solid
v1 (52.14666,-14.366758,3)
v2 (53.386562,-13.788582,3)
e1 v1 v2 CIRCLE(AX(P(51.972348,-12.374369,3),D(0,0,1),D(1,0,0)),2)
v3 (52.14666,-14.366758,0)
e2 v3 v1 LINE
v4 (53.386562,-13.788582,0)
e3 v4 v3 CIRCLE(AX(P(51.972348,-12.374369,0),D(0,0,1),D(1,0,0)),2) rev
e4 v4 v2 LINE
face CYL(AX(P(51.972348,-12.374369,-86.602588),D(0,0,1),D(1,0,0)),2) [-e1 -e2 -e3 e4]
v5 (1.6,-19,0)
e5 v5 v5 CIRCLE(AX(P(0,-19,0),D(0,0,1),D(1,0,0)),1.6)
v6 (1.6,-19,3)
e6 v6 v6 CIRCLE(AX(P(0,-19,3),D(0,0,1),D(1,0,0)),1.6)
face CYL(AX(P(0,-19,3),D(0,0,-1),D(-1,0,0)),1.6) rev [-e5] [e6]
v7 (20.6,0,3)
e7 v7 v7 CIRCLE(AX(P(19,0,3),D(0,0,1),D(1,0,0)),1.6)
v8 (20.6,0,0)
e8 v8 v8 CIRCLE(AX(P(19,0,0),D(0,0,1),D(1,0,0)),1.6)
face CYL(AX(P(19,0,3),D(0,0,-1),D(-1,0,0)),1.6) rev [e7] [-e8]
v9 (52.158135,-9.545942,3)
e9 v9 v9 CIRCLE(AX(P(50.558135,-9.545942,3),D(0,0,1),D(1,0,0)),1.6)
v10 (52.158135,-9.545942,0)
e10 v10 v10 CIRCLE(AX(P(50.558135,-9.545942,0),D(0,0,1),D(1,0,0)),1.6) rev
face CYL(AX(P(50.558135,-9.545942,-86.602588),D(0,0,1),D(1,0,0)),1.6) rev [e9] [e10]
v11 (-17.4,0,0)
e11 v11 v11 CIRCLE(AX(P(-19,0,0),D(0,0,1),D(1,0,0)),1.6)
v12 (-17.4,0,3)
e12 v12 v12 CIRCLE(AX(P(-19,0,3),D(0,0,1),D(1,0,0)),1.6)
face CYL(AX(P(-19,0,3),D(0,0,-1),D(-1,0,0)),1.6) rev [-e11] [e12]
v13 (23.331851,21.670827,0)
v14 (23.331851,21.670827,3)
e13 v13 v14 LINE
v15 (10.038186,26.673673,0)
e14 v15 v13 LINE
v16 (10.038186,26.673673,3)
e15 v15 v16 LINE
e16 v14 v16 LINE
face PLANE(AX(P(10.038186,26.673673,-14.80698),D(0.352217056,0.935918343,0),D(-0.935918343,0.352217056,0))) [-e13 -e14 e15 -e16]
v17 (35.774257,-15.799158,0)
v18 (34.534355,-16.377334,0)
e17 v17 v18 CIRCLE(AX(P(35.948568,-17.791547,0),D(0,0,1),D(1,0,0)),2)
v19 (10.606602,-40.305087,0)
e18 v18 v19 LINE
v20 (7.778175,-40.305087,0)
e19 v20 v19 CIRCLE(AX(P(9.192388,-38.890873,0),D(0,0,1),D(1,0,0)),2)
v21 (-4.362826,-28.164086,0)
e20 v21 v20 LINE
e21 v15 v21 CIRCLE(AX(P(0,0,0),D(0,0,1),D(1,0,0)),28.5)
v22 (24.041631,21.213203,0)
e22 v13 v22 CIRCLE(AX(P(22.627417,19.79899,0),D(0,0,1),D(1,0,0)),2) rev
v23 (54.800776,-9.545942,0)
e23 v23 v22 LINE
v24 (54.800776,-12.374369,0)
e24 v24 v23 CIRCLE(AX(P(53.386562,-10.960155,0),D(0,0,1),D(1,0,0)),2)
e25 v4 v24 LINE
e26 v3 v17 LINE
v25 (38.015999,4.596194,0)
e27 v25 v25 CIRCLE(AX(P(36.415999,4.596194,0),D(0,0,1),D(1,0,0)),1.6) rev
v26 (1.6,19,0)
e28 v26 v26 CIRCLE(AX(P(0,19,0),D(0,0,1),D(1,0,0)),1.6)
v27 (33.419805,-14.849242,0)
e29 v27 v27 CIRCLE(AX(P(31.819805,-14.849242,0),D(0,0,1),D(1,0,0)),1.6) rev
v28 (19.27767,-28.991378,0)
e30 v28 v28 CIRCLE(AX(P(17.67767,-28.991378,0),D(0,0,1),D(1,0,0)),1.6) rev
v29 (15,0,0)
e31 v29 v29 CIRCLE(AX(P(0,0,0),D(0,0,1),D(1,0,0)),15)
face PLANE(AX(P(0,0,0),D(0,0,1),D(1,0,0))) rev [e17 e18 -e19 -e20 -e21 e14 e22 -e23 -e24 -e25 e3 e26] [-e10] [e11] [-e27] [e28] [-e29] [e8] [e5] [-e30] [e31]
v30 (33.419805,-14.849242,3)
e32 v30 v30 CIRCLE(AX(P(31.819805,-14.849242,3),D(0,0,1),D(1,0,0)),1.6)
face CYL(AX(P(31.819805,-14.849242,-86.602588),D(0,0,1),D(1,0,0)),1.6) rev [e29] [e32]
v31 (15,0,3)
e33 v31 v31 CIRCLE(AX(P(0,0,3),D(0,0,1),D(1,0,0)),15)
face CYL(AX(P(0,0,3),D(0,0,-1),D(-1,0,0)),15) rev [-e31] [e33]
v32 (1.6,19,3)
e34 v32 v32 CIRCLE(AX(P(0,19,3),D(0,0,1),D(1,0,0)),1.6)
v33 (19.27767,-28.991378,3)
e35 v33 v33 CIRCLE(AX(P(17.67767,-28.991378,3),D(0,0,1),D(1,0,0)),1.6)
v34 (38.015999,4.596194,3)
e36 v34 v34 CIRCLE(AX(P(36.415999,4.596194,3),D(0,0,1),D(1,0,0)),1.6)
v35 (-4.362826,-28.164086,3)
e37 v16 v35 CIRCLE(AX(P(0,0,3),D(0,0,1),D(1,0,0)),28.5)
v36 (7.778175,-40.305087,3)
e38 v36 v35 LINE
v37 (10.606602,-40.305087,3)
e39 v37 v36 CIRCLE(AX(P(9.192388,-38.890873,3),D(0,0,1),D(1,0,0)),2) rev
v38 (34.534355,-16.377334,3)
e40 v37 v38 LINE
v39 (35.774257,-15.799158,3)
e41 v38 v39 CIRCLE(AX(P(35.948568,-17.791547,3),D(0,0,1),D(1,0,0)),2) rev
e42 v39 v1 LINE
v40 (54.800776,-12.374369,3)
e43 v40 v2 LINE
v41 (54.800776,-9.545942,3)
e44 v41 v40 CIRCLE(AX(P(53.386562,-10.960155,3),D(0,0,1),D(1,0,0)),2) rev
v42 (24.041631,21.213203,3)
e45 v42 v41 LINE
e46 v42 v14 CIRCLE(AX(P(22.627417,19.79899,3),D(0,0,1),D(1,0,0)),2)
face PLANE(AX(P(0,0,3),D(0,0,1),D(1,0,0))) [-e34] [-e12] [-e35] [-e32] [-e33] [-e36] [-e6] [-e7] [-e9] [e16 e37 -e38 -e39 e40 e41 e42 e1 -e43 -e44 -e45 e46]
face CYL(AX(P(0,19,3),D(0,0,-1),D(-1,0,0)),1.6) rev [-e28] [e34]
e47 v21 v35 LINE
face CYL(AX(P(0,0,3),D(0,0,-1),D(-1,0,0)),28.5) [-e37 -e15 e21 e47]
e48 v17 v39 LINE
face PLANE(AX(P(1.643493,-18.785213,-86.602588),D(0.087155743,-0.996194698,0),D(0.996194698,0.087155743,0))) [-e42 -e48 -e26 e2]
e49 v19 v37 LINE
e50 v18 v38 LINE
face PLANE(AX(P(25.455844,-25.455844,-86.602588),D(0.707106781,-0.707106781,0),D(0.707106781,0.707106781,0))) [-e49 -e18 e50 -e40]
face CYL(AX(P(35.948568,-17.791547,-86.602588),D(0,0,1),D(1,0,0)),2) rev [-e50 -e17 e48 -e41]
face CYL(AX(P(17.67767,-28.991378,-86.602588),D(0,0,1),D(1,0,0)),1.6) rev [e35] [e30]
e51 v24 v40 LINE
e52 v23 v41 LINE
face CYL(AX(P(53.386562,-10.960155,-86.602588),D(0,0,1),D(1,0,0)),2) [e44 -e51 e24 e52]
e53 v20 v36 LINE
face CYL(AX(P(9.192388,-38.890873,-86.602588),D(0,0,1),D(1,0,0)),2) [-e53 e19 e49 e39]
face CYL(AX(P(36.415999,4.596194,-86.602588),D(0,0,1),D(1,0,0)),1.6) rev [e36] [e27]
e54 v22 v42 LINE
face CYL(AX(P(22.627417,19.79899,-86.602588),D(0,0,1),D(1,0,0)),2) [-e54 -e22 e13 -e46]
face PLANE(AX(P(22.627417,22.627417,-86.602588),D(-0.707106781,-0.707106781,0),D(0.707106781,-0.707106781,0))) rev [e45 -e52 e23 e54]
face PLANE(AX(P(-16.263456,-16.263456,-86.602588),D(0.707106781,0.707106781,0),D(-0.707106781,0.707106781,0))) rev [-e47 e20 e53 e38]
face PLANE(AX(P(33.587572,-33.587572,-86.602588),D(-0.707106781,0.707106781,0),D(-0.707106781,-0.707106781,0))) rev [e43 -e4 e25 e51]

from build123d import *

# Parameters (mm, degrees)
SKETCH_1_R      = 28.5
SKETCH_1_R_2    = 1.6
SKETCH_1_R_3    = 15
EXTRUDE_1_DEPTH = 3
EXTRUDE_START   = -3
SKETCH_2_R      = 1.6
EXTRUDE_2_DEPTH = 3
EXTRUDE_3_DEPTH = 3


with BuildPart() as part:
    # 草图1 → 凸台-拉伸1 (new body)
    with BuildSketch(Plane.XY):
        Circle(SKETCH_1_R)
        with Locations((0, 19)):
            Circle(SKETCH_1_R_2, mode=Mode.SUBTRACT)
        Circle(SKETCH_1_R_3, mode=Mode.SUBTRACT)
        with Locations((19, 0)):
            Circle(SKETCH_1_R_2, mode=Mode.SUBTRACT)
        with Locations((0, -19)):
            Circle(SKETCH_1_R_2, mode=Mode.SUBTRACT)
        with Locations((-19, 0)):
            Circle(SKETCH_1_R_2, mode=Mode.SUBTRACT)
    extrude(amount=EXTRUDE_1_DEPTH)

    # 草图2 → 凸台-拉伸2 (add)
    with BuildSketch(Plane.XY.offset(3).offset(EXTRUDE_START)):
        with BuildLine():
            Line((24.04163056, 21.213203436), (54.800775542, -9.545941546))
            ThreePointArc((54.800775542, -9.545941546), (55.38656198, -10.960155108), (54.800775542, -12.374368671))
            Line((54.800775542, -12.374368671), (53.38656198, -13.788582233))
            ThreePointArc((53.38656198, -13.788582233), (52.817584941, -14.186984245), (52.146659903, -14.366758067))
            Line((52.146659903, -14.366758067), (35.774256751, -15.799157737))
            ThreePointArc((35.774256751, -15.799157737), (35.103331713, -15.978931559), (34.534354674, -16.377333571))
            Line((34.534354674, -16.377333571), (10.606601718, -40.305086528))
            ThreePointArc((10.606601718, -40.305086528), (9.192388155, -40.890872965), (7.778174593, -40.305086528))
            Line((7.778174593, -40.305086528), (-4.362825732, -28.164086203))
            ThreePointArc((-4.362825732, -28.164086203), (25.415604767, -12.895620742), (20.152543264, 20.152543264))
            Line((20.152543264, 20.152543264), (21.213203436, 21.213203436))
            ThreePointArc((21.213203436, 21.213203436), (22.627416998, 21.798989873), (24.04163056, 21.213203436))
        make_face()
        with Locations((50.558134855, -9.545941546)):
            Circle(SKETCH_2_R, mode=Mode.SUBTRACT)
        with Locations((36.415999231, 4.596194078)):
            Circle(SKETCH_2_R, mode=Mode.SUBTRACT)
        with Locations((17.67766953, -28.991378029)):
            Circle(SKETCH_2_R, mode=Mode.SUBTRACT)
        with Locations((31.819805153, -14.849242405)):
            Circle(SKETCH_2_R, mode=Mode.SUBTRACT)
    extrude(amount=EXTRUDE_2_DEPTH)

    # 草图4 → 凸台-拉伸3 (add)
    with BuildSketch(Plane.XY.offset(3).offset(EXTRUDE_START)):
        with BuildLine():
            Line((10.038186091, 26.673672788), (23.33185111, 21.67082656))
            ThreePointArc((23.33185111, 21.67082656), (22.205159437, 21.753906381), (21.213203436, 21.213203436))
            Line((21.213203436, 21.213203436), (20.152543264, 20.152543264))
            ThreePointArc((20.152543264, 20.152543264), (15.443487861, 23.953051636), (10.038186091, 26.673672788))
        make_face()
    extrude(amount=EXTRUDE_3_DEPTH)


solid = part.part
